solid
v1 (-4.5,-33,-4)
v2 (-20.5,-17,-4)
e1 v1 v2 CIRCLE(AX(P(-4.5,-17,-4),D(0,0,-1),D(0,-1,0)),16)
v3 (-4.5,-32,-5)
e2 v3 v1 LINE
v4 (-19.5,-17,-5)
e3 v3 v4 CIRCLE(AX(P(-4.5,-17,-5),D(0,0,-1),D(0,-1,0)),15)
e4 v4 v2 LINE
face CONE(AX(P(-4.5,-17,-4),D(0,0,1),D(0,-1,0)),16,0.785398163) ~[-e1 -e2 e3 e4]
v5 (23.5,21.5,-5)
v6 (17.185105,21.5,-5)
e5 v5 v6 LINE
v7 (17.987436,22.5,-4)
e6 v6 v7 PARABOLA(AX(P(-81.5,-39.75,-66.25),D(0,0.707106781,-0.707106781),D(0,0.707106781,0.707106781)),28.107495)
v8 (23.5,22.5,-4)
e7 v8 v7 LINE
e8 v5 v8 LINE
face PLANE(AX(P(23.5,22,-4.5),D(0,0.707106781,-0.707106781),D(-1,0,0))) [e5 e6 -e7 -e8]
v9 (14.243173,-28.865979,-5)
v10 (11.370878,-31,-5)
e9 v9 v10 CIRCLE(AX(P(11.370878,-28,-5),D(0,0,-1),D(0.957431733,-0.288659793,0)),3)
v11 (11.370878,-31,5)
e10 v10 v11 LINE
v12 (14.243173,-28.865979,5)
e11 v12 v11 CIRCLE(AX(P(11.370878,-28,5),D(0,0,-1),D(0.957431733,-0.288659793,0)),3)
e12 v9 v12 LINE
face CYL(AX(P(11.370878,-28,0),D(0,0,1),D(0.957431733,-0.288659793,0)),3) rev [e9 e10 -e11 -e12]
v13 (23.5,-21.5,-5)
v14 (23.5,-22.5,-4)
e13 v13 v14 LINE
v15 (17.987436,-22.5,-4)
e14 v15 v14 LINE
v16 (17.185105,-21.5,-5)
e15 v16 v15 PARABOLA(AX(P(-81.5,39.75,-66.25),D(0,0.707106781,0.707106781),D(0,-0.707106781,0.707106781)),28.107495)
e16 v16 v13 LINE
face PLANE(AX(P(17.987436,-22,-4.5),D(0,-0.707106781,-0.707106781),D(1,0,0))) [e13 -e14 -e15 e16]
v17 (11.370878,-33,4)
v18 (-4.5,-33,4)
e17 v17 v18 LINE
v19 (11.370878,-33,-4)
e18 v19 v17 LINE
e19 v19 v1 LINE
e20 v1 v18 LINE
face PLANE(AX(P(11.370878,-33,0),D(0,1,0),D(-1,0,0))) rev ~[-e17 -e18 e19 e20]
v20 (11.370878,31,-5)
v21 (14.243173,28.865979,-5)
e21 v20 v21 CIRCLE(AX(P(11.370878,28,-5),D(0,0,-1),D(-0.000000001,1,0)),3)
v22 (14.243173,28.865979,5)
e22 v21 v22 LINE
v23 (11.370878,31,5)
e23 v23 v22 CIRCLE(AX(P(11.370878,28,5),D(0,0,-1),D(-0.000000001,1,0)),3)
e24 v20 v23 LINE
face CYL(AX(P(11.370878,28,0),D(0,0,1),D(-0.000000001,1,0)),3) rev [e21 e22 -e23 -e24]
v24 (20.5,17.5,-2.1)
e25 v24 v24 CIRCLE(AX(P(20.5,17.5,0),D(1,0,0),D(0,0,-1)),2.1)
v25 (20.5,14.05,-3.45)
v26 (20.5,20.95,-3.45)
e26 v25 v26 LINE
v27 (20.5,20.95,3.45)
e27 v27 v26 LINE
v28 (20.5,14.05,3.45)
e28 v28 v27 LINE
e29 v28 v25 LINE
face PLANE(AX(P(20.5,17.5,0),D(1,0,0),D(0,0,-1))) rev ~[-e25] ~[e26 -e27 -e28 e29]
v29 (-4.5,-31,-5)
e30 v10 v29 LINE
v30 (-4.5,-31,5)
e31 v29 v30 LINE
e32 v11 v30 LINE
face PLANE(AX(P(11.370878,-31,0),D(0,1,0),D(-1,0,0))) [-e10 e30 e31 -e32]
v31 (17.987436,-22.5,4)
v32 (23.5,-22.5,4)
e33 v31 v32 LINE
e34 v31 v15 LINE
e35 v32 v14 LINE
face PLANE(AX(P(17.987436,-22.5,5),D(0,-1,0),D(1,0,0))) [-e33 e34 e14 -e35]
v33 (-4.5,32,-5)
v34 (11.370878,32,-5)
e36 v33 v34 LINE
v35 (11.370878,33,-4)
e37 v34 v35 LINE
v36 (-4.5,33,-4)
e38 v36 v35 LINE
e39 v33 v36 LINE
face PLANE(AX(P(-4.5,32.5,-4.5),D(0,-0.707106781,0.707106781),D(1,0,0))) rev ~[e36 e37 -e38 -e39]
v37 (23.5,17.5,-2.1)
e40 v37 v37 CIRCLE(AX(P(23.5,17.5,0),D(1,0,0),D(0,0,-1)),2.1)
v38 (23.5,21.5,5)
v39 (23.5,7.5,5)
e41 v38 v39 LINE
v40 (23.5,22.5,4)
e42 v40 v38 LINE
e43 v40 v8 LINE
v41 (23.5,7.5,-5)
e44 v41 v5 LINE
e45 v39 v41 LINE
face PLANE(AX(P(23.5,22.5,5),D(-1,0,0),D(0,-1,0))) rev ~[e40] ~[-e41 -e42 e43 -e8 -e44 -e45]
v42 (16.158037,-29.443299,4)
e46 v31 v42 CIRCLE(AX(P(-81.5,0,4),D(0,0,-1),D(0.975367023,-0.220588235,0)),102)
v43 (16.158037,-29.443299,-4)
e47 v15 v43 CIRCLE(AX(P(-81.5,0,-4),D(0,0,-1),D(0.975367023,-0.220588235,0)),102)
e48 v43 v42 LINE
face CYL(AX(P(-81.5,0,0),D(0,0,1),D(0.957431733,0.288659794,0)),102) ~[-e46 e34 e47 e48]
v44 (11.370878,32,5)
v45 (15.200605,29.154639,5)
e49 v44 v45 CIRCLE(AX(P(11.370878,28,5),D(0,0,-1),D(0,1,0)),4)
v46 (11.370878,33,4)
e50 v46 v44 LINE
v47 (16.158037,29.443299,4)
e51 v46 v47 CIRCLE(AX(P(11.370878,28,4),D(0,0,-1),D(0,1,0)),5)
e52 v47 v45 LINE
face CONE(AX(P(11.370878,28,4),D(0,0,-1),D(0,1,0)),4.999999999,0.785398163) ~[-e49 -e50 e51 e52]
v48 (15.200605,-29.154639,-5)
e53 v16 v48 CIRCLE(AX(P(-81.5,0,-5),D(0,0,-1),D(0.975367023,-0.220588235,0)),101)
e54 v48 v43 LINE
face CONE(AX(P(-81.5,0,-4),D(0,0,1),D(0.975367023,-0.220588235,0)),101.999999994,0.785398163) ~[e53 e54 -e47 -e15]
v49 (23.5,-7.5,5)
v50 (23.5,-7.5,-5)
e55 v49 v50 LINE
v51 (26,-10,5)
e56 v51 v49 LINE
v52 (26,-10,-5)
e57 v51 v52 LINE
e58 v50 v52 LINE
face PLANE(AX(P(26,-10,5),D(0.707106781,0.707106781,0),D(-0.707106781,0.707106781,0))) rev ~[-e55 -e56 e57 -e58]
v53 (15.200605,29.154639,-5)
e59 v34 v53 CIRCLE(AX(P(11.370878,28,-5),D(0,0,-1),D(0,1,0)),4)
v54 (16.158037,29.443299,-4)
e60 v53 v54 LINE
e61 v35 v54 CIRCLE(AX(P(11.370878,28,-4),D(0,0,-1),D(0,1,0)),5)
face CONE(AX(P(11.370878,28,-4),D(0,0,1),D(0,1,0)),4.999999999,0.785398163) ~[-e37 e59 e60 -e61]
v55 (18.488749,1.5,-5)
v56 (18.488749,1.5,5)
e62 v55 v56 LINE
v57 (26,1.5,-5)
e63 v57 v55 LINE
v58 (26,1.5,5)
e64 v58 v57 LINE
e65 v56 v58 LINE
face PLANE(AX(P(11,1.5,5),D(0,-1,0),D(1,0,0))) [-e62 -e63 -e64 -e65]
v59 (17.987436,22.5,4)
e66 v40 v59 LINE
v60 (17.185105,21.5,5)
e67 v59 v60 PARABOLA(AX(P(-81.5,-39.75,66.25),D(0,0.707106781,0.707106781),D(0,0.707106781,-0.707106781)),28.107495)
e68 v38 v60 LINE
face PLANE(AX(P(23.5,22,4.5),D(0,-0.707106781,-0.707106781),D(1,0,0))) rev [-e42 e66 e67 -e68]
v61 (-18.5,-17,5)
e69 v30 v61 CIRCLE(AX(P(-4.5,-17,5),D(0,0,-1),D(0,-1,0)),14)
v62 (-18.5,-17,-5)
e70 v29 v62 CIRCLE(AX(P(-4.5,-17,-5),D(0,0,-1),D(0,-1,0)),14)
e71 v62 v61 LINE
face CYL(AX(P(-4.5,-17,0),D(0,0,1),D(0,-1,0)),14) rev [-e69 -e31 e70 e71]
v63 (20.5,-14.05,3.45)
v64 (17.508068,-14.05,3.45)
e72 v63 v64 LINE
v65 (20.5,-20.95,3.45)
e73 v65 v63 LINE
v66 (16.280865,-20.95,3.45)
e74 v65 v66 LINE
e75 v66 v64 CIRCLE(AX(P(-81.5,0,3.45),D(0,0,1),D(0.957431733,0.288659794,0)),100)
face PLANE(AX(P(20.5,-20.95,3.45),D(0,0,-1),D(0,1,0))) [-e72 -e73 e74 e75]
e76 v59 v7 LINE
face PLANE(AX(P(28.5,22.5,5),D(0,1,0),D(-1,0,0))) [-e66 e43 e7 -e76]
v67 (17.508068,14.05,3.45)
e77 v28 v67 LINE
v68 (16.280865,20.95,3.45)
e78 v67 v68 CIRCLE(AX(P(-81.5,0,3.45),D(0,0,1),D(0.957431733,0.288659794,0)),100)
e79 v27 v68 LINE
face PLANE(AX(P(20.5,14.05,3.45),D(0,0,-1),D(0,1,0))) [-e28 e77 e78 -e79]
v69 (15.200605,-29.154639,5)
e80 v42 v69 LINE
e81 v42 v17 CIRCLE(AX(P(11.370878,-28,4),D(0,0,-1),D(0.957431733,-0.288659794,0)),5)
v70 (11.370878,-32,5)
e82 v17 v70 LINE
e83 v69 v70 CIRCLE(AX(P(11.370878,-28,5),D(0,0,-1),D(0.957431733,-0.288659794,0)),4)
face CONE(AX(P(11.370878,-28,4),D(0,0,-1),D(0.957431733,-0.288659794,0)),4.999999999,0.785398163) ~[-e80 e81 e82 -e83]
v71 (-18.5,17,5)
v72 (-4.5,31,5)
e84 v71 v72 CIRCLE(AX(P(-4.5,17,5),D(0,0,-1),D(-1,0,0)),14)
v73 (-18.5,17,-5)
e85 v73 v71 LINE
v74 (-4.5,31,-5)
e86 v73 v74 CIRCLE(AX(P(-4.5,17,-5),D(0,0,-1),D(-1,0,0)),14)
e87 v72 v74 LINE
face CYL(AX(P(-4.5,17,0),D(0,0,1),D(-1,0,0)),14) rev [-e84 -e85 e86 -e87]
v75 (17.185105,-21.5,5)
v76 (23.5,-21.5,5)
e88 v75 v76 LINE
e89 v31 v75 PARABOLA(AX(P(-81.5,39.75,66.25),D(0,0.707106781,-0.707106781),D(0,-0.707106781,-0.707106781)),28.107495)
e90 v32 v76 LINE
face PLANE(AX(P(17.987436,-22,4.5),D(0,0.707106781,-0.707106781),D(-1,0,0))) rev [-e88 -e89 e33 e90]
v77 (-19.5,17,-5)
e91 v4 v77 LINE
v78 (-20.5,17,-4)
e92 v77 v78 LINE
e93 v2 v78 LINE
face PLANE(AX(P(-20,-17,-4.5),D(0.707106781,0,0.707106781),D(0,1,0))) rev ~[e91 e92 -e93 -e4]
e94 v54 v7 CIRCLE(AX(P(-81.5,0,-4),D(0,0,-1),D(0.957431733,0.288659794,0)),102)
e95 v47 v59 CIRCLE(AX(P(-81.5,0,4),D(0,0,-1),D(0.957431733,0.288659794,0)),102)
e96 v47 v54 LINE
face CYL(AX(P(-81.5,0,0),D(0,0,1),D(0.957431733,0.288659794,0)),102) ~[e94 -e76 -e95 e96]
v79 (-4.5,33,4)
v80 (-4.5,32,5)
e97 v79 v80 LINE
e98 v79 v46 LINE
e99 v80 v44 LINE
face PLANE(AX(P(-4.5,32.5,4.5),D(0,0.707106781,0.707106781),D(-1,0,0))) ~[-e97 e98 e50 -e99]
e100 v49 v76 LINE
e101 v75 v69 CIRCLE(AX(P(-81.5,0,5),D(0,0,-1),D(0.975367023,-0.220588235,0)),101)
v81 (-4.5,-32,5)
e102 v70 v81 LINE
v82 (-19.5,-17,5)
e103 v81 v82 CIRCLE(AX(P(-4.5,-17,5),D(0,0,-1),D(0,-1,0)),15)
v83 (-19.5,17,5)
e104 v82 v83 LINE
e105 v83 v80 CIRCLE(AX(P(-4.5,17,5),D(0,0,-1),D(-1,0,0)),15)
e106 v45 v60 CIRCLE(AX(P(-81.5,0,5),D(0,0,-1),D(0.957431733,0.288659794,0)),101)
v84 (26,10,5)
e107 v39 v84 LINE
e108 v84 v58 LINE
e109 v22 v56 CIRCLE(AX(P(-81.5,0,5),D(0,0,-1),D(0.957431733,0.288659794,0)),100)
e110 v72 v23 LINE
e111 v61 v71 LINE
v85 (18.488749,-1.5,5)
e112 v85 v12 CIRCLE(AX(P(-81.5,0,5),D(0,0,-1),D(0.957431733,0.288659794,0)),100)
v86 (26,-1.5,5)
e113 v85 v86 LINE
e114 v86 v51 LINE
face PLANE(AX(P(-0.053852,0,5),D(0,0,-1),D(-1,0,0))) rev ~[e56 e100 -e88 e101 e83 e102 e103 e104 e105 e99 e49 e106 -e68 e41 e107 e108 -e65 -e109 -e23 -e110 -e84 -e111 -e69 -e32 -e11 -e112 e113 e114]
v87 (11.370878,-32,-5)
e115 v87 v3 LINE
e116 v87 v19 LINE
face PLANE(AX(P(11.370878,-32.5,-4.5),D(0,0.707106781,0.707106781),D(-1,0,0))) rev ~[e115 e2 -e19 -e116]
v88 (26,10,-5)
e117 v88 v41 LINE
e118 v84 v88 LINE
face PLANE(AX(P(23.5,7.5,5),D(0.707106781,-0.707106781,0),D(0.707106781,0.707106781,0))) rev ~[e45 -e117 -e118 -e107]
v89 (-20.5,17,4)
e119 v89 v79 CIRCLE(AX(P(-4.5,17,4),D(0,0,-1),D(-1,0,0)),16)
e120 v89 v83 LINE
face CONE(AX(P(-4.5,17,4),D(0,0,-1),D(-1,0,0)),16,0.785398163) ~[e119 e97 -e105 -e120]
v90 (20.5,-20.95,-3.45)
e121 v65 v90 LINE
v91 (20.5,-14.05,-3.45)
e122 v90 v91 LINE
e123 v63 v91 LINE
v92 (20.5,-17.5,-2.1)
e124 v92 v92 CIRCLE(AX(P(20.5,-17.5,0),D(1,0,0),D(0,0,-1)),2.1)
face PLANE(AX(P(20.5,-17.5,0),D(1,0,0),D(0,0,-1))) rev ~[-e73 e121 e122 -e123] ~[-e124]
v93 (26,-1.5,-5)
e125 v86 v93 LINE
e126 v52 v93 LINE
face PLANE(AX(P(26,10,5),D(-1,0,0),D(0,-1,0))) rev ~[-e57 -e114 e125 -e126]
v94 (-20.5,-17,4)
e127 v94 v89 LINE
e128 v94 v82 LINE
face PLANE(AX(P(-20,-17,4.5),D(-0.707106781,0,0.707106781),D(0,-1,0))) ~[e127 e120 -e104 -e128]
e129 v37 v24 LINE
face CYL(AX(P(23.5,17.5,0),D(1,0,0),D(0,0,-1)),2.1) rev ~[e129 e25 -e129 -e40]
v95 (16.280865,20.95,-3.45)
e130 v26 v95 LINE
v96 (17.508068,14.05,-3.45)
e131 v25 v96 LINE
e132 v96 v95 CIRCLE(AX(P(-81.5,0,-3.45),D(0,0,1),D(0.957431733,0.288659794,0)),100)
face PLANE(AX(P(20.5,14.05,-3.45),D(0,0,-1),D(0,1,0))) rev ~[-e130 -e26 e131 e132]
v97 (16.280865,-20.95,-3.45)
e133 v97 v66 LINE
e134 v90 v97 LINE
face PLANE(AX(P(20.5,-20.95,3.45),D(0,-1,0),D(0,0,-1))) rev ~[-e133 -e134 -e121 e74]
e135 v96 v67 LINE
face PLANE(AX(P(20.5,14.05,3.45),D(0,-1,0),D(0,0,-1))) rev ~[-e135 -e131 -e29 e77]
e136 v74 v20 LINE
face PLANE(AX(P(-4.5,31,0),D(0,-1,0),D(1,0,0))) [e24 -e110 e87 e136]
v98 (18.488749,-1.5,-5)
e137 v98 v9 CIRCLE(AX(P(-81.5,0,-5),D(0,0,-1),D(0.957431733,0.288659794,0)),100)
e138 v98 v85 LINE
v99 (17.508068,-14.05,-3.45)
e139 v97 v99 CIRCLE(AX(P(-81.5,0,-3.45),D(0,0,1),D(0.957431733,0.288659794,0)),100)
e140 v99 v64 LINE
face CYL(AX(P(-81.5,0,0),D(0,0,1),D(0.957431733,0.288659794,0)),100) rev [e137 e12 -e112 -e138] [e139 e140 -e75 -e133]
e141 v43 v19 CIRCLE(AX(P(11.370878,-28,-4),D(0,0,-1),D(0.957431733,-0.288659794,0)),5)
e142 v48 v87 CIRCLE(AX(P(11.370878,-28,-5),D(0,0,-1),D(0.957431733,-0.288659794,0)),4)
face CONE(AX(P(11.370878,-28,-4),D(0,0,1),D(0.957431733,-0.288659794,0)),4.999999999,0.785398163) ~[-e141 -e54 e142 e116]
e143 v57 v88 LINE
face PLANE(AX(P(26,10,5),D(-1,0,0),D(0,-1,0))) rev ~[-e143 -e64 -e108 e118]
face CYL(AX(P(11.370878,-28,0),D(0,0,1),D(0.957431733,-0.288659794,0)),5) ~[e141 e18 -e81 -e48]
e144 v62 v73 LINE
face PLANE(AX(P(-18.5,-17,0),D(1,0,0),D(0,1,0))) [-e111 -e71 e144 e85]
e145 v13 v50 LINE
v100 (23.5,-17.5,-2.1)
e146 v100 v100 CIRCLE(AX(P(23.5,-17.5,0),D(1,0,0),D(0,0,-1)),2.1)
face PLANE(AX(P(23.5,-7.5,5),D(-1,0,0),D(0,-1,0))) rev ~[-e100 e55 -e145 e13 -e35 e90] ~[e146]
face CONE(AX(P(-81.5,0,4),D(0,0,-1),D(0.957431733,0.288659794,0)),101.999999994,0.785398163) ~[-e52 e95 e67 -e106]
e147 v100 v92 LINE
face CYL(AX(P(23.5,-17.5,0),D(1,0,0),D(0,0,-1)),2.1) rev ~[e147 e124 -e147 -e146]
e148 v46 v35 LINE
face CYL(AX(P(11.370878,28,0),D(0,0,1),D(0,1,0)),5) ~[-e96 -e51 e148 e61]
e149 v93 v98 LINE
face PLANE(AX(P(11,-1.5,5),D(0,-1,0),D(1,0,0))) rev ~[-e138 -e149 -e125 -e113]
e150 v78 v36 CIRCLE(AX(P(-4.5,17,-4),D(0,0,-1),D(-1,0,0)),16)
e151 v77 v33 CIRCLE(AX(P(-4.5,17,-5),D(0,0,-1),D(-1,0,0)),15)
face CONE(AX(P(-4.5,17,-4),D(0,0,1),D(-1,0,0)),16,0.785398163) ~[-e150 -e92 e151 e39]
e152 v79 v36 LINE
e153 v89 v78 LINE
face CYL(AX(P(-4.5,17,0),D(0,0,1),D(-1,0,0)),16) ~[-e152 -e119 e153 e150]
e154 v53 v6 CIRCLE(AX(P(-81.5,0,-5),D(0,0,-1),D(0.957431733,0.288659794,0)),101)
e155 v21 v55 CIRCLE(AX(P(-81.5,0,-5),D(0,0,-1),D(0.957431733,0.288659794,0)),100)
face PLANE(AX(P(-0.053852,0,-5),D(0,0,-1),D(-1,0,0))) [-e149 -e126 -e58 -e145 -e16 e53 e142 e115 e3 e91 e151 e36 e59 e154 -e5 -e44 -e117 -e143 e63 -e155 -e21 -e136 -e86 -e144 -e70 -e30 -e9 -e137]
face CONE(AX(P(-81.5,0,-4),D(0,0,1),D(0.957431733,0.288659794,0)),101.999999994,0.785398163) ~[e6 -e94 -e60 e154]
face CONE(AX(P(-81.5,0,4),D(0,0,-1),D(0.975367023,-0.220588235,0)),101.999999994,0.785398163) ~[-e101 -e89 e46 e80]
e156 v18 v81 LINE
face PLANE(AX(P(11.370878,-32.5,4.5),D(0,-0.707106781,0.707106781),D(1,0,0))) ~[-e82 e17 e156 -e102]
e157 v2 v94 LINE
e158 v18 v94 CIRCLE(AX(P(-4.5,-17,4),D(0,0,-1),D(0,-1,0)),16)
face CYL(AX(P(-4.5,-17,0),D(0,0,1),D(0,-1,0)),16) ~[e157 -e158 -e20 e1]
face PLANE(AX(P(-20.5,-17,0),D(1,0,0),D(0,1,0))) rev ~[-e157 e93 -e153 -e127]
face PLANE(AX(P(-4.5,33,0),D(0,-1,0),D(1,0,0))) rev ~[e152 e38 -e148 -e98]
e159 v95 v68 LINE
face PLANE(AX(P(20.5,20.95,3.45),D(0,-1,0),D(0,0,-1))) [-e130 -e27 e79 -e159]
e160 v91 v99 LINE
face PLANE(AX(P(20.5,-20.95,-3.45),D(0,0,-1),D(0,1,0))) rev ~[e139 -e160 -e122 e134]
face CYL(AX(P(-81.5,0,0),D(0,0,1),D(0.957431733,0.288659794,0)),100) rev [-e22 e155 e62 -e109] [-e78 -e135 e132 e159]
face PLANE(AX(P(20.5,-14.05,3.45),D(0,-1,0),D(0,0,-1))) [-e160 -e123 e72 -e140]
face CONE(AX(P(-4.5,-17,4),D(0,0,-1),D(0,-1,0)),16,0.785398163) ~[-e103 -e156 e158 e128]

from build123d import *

# Parameters (mm, degrees)
SALIENTE_EXTRUIR1_DEPTH = 5
SALIENTE_EXTRUIR2_DEPTH = 10
CORTAR_EXTRUIR1_DEPTH   = 11
CROQUIS4_W              = 15
CROQUIS4_H              = 3
CORTAR_EXTRUIR2_DEPTH   = 11
CORTAR_EXTRUIR3_REACH   = 46
CROQUIS6_R              = 2.1
CORTAR_EXTRUIR4_REACH   = 49
CORTAR_EXTRUIR4_START   = -3
CROQUIS7_W              = 6.9
CROQUIS7_H              = 6.9
CHAFL_N1_SIZE           = 1


with BuildPart() as part:
    # Croquis1 → Saliente-Extruir1 (new body, symmetric)
    with BuildSketch(Plane.XY):
        with BuildLine():
            Line((-20.5, -17), (-20.5, 17))
            ThreePointArc((-20.5, 17), (-15.813708499, 28.313708499), (-4.5, 33))
            Line((-4.5, 33), (11.370878105, 33))
            ThreePointArc((11.370878105, 33), (14.352782292, 32.013508119), (16.15803677, 29.443298969))
            ThreePointArc((16.15803677, 29.443298969), (20.5, 0), (16.15803677, -29.443298969))
            ThreePointArc((16.15803677, -29.443298969), (14.352782292, -32.013508119), (11.370878105, -33))
            Line((11.370878105, -33), (-4.5, -33))
            ThreePointArc((-4.5, -33), (-15.813708499, -28.313708499), (-20.5, -17))
        make_face()
        with BuildLine():
            Line((-4.5, 31), (11.370878105, 31))
            ThreePointArc((11.370878105, 31), (13.160020617, 30.408104872), (14.243173304, 28.865979381))
            ThreePointArc((14.243173304, 28.865979381), (18.5, 0), (14.243173304, -28.865979381))
            ThreePointArc((14.243173304, -28.865979381), (13.160020617, -30.408104872), (11.370878105, -31))
            Line((11.370878105, -31), (-4.5, -31))
            ThreePointArc((-4.5, -31), (-14.399494937, -26.899494937), (-18.5, -17))
            Line((-18.5, -17), (-18.5, 17))
            ThreePointArc((-18.5, 17), (-14.399494937, 26.899494937), (-4.5, 31))
        make_face(mode=Mode.SUBTRACT)
    extrude(amount=SALIENTE_EXTRUIR1_DEPTH, both=True)

    # Croquis2 → Saliente-Extruir2 (add, through all)
    with BuildSketch(Plane.XY.offset(5)):
        Polygon((18.5, 22.5), (17.987436393, 22.5), (20.5, 0), (17.987436393, -22.5), (18.5, -22.5), (28.5, -22.5), (28.5, 22.5), align=None)
    extrude(amount=-SALIENTE_EXTRUIR2_DEPTH)

    # Croquis3 → Cortar-Extruir1 (cut, through all)
    with BuildSketch(Plane.XY.offset(5)):
        Polygon((23.5, 22.5), (23.5, 7.5), (26, 10), (26, -10), (23.5, -7.5), (23.5, -22.5), (28.5, -22.5), (28.5, 22.5), align=None)
    extrude(amount=-CORTAR_EXTRUIR1_DEPTH, mode=Mode.SUBTRACT)

    # Croquis4 → Cortar-Extruir2 (cut, through all)
    with BuildSketch(Plane.XY.offset(5)):
        with Locations((18.5, 0)):
            Rectangle(CROQUIS4_W, CROQUIS4_H)
    extrude(amount=-CORTAR_EXTRUIR2_DEPTH, mode=Mode.SUBTRACT)

    # Croquis6 → Cortar-Extruir3 (cut, up to next)
    with BuildSketch(Plane(origin=(23.5, 0, 0), x_dir=(0, 0, -1), z_dir=(1, 0, 0)), mode=Mode.PRIVATE) as cortar_extruir3_sk1:
        with Locations((0, 17.5)):
            Circle(CROQUIS6_R)
    cortar_extruir3_tool1 = extrude(cortar_extruir3_sk1.sketch, amount=-CORTAR_EXTRUIR3_REACH, mode=Mode.PRIVATE) & part.part
    add(cortar_extruir3_tool1.solids().sort_by_distance((23.5, 17.5, 0))[0], mode=Mode.SUBTRACT)
    # Croquis6 → Cortar-Extruir3 (cut, up to next)
    with BuildSketch(Plane(origin=(23.5, 0, 0), x_dir=(0, 0, -1), z_dir=(1, 0, 0)), mode=Mode.PRIVATE) as cortar_extruir3_sk2:
        with Locations((0, -17.5)):
            Circle(CROQUIS6_R)
    cortar_extruir3_tool2 = extrude(cortar_extruir3_sk2.sketch, amount=-CORTAR_EXTRUIR3_REACH, mode=Mode.PRIVATE) & part.part
    add(cortar_extruir3_tool2.solids().sort_by_distance((23.5, -17.5, 0))[0], mode=Mode.SUBTRACT)

    # Croquis7 → Cortar-Extruir4 (cut, up to next)
    with BuildSketch(Plane(origin=(23.5, 0, 0), x_dir=(0, 0, -1), z_dir=(1, 0, 0)).offset(CORTAR_EXTRUIR4_START), mode=Mode.PRIVATE) as cortar_extruir4_sk1:
        with Locations((0, 17.5)):
            Rectangle(CROQUIS7_W, CROQUIS7_H)
    cortar_extruir4_tool1 = extrude(cortar_extruir4_sk1.sketch, amount=-CORTAR_EXTRUIR4_REACH, mode=Mode.PRIVATE) & part.part
    add(cortar_extruir4_tool1.solids().sort_by_distance((20.5, 17.5, 0))[0], mode=Mode.SUBTRACT)
    # Croquis7 → Cortar-Extruir4 (cut, up to next)
    with BuildSketch(Plane(origin=(23.5, 0, 0), x_dir=(0, 0, -1), z_dir=(1, 0, 0)).offset(CORTAR_EXTRUIR4_START), mode=Mode.PRIVATE) as cortar_extruir4_sk2:
        with Locations((0, -17.5)):
            Rectangle(CROQUIS7_W, CROQUIS7_H)
    cortar_extruir4_tool2 = extrude(cortar_extruir4_sk2.sketch, amount=-CORTAR_EXTRUIR4_REACH, mode=Mode.PRIVATE) & part.part
    add(cortar_extruir4_tool2.solids().sort_by_distance((20.5, -17.5, 0))[0], mode=Mode.SUBTRACT)

    # Chaflán1
    chafl_n1_edges = [part.edges().sort_by_distance(p)[0] for p in [
        (3.435439053, -33, -5),
        (-15.813708499, -28.313708499, -5),
        (-20.5, 0, -5),
        (-15.813708499, 28.313708499, -5),
        (-15.813708499, -28.313708499, 5),
        (3.435439053, -33, 5),
        (14.352782292, -32.013508119, 5),
        (17.133851934, -25.987751975, 5),
        (14.352782292, 32.013508119, 5),
        (3.435439053, 33, 5),
        (-15.813708499, 28.313708499, 5),
        (17.133851934, 25.987751975, -5),
        (17.133851934, 25.987751975, 5),
        (20.743718196, -22.5, -5),
        (20.743718196, -22.5, 5),
        (20.743718196, 22.5, 5),
        (20.743718196, 22.5, -5),
        (3.435439053, 33, -5),
        (-20.5, 0, 5),
        (14.352782292, 32.013508119, -5),
        (17.133851934, -25.987751975, -5),
        (14.352782292, -32.013508119, -5),
    ]]
    chamfer(chafl_n1_edges, length=CHAFL_N1_SIZE)


solid = part.part
